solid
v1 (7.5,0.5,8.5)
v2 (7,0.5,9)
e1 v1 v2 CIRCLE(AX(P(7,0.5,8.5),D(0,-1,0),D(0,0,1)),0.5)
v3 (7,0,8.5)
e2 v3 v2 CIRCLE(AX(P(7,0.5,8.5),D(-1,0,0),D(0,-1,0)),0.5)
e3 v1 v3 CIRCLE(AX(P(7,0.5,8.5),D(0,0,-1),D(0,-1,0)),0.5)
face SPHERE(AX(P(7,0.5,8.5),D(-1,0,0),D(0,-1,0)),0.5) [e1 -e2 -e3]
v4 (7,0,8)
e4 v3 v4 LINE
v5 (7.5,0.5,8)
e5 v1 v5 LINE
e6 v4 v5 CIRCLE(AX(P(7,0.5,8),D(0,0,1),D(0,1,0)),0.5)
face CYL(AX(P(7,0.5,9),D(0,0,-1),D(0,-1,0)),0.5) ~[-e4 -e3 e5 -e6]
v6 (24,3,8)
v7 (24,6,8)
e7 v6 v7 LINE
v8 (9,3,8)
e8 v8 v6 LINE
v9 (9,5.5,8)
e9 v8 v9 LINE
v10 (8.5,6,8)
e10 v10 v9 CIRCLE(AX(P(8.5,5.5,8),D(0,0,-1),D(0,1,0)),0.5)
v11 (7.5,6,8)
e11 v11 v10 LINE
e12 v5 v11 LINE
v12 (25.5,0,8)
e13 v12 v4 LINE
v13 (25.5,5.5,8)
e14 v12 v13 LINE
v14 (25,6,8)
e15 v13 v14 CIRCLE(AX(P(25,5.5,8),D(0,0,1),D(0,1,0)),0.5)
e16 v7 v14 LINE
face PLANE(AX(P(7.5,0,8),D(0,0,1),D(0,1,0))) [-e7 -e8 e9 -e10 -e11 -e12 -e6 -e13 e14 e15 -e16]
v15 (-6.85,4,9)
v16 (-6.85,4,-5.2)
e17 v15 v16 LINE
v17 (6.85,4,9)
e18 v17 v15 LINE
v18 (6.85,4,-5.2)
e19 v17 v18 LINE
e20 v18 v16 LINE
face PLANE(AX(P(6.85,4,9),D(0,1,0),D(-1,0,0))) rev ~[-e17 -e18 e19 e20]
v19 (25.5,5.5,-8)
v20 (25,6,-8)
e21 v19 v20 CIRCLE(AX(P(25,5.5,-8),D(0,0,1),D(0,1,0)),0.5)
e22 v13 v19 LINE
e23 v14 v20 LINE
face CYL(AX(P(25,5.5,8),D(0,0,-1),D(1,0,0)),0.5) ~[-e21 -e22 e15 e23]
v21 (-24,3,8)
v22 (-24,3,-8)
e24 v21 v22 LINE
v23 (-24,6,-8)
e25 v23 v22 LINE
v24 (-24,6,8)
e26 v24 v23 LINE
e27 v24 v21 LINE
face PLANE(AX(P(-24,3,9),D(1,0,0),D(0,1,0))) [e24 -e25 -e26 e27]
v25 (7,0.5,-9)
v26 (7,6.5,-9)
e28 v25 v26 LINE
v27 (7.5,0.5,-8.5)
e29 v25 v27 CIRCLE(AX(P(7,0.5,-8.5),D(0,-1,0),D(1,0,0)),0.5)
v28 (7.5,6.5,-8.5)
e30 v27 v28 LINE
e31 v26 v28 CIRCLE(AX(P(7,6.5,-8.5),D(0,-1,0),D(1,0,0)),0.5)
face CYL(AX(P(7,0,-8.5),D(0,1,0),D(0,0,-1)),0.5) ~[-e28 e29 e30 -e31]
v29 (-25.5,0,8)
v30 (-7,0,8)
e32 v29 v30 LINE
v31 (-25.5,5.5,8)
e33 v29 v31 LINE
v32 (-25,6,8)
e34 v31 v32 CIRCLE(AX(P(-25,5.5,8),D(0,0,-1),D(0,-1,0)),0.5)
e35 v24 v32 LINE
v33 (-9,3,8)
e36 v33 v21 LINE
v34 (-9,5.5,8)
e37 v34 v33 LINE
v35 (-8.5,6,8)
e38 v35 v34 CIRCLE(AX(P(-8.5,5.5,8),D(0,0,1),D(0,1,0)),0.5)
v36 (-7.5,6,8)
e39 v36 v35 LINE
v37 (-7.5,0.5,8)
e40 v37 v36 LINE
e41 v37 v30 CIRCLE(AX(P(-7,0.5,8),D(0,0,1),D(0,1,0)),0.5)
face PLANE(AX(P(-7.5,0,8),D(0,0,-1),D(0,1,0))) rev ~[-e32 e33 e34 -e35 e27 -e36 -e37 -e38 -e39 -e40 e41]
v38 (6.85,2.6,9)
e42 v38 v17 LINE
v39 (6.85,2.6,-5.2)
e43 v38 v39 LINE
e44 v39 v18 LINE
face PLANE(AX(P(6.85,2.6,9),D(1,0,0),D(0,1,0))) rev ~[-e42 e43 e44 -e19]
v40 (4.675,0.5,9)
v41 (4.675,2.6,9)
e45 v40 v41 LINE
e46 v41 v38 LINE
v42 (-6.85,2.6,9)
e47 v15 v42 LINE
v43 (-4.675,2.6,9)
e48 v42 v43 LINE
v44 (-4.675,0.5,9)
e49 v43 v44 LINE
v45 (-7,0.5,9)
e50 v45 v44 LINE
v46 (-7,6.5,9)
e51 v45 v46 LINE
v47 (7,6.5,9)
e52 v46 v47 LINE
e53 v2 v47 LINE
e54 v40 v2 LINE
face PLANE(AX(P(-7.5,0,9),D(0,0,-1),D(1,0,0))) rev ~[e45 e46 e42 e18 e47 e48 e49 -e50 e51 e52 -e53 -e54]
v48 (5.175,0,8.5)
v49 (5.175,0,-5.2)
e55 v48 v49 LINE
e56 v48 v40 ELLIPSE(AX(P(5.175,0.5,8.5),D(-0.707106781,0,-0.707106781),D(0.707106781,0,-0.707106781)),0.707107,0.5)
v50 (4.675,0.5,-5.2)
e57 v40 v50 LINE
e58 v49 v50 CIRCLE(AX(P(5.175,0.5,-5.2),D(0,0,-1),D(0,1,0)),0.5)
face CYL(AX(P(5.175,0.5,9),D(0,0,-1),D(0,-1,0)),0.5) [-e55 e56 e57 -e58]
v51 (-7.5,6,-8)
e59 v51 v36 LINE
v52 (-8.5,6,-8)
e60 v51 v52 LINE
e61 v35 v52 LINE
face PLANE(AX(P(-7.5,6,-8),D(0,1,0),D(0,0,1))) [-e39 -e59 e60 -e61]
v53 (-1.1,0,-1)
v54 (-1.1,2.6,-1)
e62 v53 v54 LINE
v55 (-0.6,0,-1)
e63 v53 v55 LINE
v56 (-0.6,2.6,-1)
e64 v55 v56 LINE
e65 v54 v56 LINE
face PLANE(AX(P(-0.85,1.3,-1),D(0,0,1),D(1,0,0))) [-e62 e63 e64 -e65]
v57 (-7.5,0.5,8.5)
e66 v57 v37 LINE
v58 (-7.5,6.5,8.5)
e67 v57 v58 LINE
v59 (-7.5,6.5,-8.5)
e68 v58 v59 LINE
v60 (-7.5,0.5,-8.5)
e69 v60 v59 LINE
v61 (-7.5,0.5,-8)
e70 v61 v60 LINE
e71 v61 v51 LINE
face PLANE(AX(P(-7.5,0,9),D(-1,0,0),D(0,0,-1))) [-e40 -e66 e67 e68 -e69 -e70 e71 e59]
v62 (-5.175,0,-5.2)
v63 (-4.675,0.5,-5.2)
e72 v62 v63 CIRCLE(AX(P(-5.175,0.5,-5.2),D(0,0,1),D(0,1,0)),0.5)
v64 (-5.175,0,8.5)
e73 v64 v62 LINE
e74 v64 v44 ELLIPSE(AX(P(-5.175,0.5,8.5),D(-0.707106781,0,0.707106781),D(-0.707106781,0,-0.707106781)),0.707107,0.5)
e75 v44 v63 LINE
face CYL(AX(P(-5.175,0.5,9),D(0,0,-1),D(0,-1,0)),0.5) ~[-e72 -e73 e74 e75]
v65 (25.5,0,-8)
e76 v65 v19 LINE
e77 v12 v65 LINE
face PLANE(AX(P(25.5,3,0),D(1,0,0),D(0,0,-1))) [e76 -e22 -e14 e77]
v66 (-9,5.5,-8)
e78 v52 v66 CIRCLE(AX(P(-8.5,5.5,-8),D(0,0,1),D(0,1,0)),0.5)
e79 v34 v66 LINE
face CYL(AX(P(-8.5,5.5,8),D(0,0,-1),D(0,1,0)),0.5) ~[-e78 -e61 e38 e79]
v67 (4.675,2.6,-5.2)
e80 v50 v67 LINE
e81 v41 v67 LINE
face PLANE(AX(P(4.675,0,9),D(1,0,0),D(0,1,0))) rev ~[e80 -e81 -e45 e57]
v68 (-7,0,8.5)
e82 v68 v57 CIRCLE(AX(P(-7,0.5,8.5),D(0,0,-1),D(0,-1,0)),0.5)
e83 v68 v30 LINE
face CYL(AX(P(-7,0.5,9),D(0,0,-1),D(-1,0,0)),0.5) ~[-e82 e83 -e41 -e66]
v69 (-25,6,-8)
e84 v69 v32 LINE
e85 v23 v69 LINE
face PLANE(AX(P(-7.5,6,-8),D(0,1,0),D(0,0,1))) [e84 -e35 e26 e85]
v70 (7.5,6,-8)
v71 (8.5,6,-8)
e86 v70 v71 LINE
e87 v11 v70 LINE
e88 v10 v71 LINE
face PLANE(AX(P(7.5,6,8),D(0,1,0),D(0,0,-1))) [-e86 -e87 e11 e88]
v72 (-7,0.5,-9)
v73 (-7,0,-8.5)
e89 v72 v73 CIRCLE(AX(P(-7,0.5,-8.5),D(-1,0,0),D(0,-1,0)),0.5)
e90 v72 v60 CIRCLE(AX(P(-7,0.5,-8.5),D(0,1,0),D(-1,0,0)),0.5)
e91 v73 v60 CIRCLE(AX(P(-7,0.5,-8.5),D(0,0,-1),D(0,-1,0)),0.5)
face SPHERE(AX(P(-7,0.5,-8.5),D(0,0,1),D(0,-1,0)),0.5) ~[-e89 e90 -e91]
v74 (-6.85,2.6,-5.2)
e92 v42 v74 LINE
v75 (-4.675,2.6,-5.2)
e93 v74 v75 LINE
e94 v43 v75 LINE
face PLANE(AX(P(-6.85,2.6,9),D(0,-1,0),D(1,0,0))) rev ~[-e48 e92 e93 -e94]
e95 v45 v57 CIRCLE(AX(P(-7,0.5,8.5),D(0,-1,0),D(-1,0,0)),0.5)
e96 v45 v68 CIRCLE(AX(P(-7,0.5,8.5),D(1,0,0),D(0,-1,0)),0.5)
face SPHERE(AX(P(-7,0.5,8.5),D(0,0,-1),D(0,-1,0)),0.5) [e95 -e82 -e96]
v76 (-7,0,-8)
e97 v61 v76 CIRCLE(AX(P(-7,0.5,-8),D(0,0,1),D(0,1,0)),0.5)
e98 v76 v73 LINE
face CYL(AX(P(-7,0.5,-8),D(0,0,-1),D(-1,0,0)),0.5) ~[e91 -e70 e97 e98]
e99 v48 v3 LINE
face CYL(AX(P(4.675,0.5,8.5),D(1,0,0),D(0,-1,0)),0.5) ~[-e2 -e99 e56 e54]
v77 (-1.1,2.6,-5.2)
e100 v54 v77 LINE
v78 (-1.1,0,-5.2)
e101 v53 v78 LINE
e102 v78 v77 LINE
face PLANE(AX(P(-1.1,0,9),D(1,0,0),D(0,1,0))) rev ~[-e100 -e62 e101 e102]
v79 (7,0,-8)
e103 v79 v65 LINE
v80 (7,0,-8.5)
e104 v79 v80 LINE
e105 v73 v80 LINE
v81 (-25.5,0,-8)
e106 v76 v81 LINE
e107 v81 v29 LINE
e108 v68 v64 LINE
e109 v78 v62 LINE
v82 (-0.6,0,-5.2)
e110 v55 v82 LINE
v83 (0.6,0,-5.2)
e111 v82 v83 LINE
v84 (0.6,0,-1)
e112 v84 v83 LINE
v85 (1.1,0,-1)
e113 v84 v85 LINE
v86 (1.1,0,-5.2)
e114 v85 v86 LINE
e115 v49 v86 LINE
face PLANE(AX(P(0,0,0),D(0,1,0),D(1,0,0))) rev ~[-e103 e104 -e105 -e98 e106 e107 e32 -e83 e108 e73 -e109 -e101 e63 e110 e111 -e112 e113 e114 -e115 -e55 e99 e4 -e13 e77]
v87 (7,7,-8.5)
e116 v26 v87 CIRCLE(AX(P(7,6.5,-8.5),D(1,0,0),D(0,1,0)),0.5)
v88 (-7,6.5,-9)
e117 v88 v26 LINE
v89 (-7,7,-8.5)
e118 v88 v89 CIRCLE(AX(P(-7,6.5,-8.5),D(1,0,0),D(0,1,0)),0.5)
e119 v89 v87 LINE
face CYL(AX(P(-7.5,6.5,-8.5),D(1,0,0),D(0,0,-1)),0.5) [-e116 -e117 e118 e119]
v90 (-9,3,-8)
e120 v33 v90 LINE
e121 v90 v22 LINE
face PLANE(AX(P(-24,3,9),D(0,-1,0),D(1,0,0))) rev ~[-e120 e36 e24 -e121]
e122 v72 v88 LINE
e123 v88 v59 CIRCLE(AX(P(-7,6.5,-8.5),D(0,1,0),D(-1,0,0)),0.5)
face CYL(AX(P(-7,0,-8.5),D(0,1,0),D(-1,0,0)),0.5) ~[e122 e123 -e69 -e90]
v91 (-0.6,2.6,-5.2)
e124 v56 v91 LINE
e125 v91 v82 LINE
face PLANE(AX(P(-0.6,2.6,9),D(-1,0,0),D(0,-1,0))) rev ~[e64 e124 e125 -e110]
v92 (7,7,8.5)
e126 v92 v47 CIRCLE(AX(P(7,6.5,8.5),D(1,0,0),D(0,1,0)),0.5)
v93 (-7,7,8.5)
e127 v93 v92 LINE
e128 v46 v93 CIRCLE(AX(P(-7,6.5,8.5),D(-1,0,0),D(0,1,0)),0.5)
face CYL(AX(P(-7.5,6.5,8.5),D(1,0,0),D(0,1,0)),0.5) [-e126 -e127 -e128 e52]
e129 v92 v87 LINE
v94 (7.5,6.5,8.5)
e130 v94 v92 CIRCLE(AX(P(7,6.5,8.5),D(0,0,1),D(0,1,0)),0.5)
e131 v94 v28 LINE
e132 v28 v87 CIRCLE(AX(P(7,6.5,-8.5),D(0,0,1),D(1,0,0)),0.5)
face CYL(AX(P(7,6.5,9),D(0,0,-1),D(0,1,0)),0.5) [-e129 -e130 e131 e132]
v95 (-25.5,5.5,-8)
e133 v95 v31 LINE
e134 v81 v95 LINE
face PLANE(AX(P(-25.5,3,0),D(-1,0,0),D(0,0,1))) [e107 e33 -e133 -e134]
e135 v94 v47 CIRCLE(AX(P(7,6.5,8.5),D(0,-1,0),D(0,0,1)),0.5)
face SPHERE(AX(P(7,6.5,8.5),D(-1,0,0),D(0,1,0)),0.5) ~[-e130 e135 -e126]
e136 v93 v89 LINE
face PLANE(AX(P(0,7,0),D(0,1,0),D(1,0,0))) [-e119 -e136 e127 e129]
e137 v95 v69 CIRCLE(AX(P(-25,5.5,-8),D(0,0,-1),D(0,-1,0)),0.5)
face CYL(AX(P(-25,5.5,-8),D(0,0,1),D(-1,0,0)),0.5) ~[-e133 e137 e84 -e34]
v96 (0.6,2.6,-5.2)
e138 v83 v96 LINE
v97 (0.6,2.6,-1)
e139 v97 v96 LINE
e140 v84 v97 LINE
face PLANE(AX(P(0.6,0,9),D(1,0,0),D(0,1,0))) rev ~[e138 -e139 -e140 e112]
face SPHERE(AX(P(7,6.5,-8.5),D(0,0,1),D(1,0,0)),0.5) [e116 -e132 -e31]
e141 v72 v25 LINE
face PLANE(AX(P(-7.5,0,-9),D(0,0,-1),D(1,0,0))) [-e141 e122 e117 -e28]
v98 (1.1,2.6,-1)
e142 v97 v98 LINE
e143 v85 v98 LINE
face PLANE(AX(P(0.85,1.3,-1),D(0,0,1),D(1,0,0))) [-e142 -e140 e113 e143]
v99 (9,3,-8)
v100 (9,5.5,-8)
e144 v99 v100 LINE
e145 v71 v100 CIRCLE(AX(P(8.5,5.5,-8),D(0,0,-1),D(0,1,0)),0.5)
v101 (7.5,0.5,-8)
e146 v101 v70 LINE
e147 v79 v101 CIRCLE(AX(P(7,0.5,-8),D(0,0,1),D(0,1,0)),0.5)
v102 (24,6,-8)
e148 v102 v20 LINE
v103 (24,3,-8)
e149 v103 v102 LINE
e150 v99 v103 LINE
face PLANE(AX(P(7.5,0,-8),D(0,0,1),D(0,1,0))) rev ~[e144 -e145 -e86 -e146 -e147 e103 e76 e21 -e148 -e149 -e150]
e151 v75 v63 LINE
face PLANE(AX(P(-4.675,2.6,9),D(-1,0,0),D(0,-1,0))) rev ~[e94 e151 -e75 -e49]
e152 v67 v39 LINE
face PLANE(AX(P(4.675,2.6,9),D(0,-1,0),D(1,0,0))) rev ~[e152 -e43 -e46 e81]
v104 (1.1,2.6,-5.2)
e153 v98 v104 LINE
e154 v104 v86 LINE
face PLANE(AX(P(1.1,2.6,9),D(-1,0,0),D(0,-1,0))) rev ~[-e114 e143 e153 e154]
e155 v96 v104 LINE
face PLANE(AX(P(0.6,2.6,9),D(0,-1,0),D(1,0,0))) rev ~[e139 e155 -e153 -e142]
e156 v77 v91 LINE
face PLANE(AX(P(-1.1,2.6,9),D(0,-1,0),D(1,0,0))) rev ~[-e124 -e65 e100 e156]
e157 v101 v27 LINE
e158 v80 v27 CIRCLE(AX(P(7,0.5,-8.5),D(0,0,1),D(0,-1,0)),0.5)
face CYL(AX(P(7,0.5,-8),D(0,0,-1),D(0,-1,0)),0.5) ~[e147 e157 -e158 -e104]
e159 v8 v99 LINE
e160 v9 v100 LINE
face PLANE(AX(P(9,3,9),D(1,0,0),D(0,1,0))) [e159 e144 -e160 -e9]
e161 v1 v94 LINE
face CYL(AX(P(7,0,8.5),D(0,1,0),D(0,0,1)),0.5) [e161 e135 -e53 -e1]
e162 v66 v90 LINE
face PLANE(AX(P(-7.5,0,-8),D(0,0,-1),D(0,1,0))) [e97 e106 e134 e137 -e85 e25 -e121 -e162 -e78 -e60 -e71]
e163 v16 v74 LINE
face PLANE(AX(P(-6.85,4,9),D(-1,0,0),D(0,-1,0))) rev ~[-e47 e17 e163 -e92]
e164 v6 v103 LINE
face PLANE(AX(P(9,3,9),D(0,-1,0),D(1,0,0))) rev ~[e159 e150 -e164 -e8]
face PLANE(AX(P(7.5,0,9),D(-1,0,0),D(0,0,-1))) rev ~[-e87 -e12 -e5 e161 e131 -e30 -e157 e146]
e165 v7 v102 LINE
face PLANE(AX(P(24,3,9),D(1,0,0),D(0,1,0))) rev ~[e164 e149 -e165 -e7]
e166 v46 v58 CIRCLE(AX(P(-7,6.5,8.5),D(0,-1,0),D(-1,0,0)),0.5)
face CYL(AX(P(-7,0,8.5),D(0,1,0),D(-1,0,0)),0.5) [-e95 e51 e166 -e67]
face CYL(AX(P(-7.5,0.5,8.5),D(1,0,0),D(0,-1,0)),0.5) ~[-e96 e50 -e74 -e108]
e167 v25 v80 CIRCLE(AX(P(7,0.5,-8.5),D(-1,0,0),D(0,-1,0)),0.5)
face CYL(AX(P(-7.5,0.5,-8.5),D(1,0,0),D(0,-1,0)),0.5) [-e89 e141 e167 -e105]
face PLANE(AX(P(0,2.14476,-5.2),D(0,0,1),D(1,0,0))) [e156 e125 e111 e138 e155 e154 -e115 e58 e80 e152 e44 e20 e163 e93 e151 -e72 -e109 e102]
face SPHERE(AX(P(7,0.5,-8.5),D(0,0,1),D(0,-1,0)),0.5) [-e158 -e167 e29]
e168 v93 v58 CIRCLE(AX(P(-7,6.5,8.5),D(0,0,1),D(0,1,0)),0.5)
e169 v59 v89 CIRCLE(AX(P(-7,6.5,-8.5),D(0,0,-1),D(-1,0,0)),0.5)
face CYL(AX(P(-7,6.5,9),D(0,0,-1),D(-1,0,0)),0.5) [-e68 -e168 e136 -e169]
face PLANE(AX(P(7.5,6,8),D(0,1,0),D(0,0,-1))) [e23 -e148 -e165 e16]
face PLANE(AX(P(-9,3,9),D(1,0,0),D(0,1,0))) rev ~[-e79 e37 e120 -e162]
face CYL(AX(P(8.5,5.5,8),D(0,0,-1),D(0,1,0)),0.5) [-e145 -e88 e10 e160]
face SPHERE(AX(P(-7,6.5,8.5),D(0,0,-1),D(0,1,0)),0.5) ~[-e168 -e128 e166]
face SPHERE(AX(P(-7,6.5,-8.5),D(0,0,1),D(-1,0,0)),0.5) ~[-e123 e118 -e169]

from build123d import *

# Parameters (mm, degrees)
SKETCH1_W           = 15
SKETCH1_H           = 18
BOSS_EXTRUDE1_DEPTH = 7
CUT_EXTRUDE1_DEPTH  = 14.2
SKETCH8_W           = 0.5
SKETCH8_H           = 2.6
CUT_EXTRUDE4_DEPTH  = 10
SKETCH9_W           = 16
SKETCH9_H           = 6
BOSS_EXTRUDE2_DEPTH = 18
SKETCH13_W          = 16
SKETCH13_H          = 6
BOSS_EXTRUDE3_DEPTH = 18
SKETCH14_W          = 15
SKETCH14_H          = 3
CUT_EXTRUDE5_DEPTH  = 32.55
FILLET1_R           = 0.5


with BuildPart() as part:
    # Sketch1 → Boss-Extrude1 (new body)
    with BuildSketch(Plane(origin=(0, 0, 0), x_dir=(1, 0, 0), z_dir=(0, 1, 0))):
        Rectangle(SKETCH1_W, SKETCH1_H)
    extrude(amount=BOSS_EXTRUDE1_DEPTH)

    # Sketch2 → Cut-Extrude1 (cut)
    with BuildSketch(Plane.XY.offset(9)):
        Polygon((-4.675, 2.6), (-4.675, 0), (-1.1, 0), (-1.1, 2.6), (-0.6, 2.6), (-0.6, 0), (0.6, 0), (0.6, 2.6), (1.1, 2.6), (1.1, 0), (4.675, 0), (4.675, 2.6), (6.85, 2.6), (6.85, 4), (-6.85, 4), (-6.85, 2.6), align=None)
    extrude(amount=-CUT_EXTRUDE1_DEPTH, mode=Mode.SUBTRACT)

    # Sketch8 → Cut-Extrude4 (cut)
    with BuildSketch(Plane.XY.offset(9)):
        with Locations((-0.85, 1.3)):
            Rectangle(SKETCH8_W, SKETCH8_H)
        with Locations((0.85, 1.3)):
            Rectangle(SKETCH8_W, SKETCH8_H)
    extrude(amount=-CUT_EXTRUDE4_DEPTH, mode=Mode.SUBTRACT)

    # Sketch9 → Boss-Extrude2 (add)
    with BuildSketch(Plane.ZY.offset(7.5)):
        with Locations((0, 3)):
            Rectangle(SKETCH9_W, SKETCH9_H)
    extrude(amount=BOSS_EXTRUDE2_DEPTH)

    # Sketch13 → Boss-Extrude3 (add)
    with BuildSketch(Plane(origin=(7.5, 0, 0), x_dir=(0, 0, -1), z_dir=(1, 0, 0))):
        with Locations((0, 3)):
            Rectangle(SKETCH13_W, SKETCH13_H)
    extrude(amount=BOSS_EXTRUDE3_DEPTH)

    # Sketch14 → Cut-Extrude5 (cut)
    with BuildSketch(Plane.XY.offset(9)):
        with Locations((16.5, 4.5)):
            Rectangle(SKETCH14_W, SKETCH14_H)
        with Locations((-16.5, 4.5)):
            Rectangle(SKETCH14_W, SKETCH14_H)
    extrude(amount=-CUT_EXTRUDE5_DEPTH, mode=Mode.SUBTRACT)

    # Fillet1
    fillet1_edges = [part.edges().sort_by_distance(p)[0] for p in [
        (-7.5, 0, 8.5),
        (-25.5, 6, 0),
        (7.5, 0, -8.5),
        (25.5, 6, 0),
        (-7.5, 7, 0),
        (9, 6, 0),
        (-9, 6, 0),
        (6.0875, 0, 9),
        (0, 7, 9),
        (4.675, 0, 1.9),
        (-4.675, 0, 1.9),
        (7.5, 7, 0),
        (-6.0875, 0, 9),
        (-7.5, 0, -8.5),
        (0, 0, -9),
        (7.5, 0, 8.5),
        (7.5, 3.5, 9),
        (-7.5, 3.5, 9),
        (-7.5, 3.5, -9),
        (7.5, 3.5, -9),
        (0, 7, -9),
    ]]
    fillet(fillet1_edges, radius=FILLET1_R)


solid = part.part
